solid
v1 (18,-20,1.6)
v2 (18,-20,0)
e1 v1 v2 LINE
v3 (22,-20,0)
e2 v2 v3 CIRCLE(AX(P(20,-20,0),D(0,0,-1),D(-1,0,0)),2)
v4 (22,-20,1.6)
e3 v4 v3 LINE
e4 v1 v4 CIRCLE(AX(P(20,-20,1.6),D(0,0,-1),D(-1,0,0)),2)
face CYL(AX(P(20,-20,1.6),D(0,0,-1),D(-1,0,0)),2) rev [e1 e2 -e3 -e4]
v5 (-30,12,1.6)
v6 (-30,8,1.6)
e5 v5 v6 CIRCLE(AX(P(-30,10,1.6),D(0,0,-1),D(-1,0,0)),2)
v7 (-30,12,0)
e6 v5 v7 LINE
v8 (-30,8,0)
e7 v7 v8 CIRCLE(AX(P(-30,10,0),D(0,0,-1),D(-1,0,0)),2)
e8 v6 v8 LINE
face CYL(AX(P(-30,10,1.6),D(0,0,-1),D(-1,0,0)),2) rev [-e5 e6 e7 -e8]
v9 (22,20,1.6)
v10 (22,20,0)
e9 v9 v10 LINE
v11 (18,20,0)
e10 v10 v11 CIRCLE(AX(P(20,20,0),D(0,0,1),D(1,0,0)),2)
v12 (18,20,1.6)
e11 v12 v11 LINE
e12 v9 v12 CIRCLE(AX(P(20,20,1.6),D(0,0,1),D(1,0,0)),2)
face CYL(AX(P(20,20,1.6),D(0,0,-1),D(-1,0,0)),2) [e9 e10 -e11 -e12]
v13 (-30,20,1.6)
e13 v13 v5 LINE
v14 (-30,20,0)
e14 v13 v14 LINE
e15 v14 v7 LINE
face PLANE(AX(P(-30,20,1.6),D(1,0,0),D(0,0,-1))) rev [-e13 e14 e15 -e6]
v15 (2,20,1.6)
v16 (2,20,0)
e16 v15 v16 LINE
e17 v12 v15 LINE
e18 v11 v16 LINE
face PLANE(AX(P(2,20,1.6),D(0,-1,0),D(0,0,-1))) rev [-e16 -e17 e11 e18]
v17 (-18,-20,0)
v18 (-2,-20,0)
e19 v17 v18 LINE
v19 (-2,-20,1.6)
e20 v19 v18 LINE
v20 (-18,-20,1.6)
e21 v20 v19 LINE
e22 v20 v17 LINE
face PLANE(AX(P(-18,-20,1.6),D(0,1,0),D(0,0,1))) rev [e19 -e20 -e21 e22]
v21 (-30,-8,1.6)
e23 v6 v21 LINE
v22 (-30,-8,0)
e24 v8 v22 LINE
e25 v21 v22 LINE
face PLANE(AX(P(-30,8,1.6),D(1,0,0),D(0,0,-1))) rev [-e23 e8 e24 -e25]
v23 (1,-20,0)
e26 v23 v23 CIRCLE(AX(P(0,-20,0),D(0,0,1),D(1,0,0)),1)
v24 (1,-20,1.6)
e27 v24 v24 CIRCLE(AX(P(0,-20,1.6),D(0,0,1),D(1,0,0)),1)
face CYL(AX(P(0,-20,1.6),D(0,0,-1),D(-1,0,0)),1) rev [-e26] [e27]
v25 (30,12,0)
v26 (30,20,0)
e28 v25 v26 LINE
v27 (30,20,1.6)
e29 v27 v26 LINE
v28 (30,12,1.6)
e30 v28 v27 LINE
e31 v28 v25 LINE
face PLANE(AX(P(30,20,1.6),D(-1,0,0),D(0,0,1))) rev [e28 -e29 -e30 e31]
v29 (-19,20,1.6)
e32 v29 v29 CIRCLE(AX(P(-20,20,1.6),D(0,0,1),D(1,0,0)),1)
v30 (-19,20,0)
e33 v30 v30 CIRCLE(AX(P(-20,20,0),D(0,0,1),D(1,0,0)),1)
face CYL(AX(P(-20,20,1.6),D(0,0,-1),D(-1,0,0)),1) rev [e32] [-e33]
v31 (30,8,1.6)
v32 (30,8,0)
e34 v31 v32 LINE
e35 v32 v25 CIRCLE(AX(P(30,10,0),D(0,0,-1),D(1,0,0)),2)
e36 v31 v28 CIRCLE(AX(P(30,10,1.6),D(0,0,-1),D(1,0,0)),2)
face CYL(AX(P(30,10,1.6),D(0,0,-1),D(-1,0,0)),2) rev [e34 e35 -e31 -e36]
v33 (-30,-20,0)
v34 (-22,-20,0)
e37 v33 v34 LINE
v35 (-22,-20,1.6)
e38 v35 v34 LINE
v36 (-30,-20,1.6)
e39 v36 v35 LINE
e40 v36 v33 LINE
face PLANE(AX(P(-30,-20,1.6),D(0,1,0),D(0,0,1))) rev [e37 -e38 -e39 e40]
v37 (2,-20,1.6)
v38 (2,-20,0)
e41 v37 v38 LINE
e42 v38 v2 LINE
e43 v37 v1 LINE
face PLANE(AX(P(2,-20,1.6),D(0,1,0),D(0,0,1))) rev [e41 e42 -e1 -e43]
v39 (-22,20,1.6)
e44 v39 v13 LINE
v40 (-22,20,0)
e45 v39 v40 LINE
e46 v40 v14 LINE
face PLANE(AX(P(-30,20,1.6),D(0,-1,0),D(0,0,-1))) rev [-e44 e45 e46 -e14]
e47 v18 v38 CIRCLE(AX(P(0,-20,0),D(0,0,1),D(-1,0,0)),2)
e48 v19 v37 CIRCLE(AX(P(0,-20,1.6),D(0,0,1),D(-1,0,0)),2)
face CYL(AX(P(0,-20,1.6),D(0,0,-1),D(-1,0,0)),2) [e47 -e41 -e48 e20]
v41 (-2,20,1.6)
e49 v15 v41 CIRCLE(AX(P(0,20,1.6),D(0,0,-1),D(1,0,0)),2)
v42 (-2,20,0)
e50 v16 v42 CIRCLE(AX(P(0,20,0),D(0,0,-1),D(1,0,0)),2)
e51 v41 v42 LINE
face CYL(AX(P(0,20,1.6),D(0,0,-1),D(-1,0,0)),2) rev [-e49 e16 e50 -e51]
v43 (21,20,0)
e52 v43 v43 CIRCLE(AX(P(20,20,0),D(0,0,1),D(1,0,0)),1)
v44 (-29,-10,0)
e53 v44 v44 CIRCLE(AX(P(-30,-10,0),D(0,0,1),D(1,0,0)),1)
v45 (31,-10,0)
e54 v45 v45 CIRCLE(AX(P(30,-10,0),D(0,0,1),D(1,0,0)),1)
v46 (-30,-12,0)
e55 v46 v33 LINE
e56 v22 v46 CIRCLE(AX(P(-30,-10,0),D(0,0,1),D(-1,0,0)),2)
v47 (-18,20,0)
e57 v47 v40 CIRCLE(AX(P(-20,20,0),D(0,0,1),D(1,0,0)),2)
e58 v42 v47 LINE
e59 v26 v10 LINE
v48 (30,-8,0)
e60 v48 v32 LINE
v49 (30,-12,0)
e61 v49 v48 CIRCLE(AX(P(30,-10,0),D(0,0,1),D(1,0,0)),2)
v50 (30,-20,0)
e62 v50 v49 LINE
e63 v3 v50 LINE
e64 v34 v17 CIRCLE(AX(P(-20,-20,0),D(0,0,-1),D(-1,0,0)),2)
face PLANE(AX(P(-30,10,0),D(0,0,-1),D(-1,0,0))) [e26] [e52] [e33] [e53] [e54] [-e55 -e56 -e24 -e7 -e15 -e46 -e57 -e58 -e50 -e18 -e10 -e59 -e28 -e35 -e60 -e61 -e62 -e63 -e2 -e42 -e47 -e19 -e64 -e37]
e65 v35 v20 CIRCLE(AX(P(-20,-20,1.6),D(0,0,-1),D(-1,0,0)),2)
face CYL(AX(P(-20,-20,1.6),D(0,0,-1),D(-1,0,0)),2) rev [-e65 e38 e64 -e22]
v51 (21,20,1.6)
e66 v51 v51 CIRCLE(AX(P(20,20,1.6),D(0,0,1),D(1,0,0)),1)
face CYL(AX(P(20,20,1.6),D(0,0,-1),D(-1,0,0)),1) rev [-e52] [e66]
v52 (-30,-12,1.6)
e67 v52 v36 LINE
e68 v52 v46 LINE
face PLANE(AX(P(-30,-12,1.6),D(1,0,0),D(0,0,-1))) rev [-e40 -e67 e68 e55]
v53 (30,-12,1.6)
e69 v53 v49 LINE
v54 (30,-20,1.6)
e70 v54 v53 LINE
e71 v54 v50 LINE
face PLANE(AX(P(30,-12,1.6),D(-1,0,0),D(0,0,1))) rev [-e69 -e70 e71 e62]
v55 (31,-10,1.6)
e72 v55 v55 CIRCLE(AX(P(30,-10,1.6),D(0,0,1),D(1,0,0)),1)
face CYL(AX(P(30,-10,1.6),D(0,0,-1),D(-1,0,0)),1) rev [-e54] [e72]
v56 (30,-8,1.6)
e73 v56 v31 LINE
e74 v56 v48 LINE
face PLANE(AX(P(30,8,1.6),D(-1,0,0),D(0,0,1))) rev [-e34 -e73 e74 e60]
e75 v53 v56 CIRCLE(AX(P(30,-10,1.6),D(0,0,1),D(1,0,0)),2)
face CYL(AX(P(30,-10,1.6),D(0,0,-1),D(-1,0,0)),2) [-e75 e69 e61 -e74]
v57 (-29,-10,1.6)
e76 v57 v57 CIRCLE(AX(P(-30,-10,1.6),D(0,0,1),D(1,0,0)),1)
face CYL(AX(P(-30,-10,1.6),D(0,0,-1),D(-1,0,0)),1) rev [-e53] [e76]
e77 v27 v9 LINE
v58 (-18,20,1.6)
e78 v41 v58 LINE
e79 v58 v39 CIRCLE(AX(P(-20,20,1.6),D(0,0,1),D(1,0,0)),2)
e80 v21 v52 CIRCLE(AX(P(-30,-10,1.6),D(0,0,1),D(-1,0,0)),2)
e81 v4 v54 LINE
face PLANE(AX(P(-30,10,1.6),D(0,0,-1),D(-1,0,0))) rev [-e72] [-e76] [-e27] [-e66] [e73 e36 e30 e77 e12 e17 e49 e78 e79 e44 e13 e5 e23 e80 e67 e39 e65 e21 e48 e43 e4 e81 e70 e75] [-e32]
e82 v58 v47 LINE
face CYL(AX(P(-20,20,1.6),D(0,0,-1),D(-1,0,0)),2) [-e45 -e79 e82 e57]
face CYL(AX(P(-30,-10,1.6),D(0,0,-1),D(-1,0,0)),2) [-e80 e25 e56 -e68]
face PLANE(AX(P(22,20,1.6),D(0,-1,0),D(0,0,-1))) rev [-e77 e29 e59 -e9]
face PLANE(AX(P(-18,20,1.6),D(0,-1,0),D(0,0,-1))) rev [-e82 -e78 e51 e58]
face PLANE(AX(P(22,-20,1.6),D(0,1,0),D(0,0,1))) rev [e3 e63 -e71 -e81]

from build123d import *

# Parameters (mm, degrees)
ESQUISSE1_R        = 1
BOSS_EXTRU_1_DEPTH = 1.6


with BuildPart() as part:
    # Esquisse1 → Boss.-Extru.1 (new body)
    with BuildSketch(Plane.XY):
        with BuildLine():
            Line((-30, 8), (-30, -8))
            ThreePointArc((-30, -8), (-32, -10), (-30, -12))
            Line((-30, -12), (-30, -20))
            Line((-30, -20), (-22, -20))
            ThreePointArc((-22, -20), (-20, -18), (-18, -20))
            Line((-18, -20), (-2, -20))
            ThreePointArc((-2, -20), (0, -22), (2, -20))
            Line((2, -20), (18, -20))
            ThreePointArc((18, -20), (20, -18), (22, -20))
            Line((22, -20), (30, -20))
            Line((30, -20), (30, -12))
            ThreePointArc((30, -12), (32, -10), (30, -8))
            Line((30, -8), (30, 8))
            ThreePointArc((30, 8), (28, 10), (30, 12))
            Line((30, 12), (30, 20))
            Line((30, 20), (22, 20))
            ThreePointArc((22, 20), (20, 22), (18, 20))
            Line((18, 20), (2, 20))
            ThreePointArc((2, 20), (0, 18), (-2, 20))
            Line((-2, 20), (-18, 20))
            ThreePointArc((-18, 20), (-20, 22), (-22, 20))
            Line((-22, 20), (-30, 20))
            Line((-30, 20), (-30, 12))
            ThreePointArc((-30, 12), (-28, 10), (-30, 8))
        make_face()
        with Locations((-20, 20)):
            Circle(ESQUISSE1_R, mode=Mode.SUBTRACT)
        with Locations((20, 20)):
            Circle(ESQUISSE1_R, mode=Mode.SUBTRACT)
        with Locations((0, -20)):
            Circle(ESQUISSE1_R, mode=Mode.SUBTRACT)
        with Locations((-30, -10)):
            Circle(ESQUISSE1_R, mode=Mode.SUBTRACT)
        with Locations((30, -10)):
            Circle(ESQUISSE1_R, mode=Mode.SUBTRACT)
    extrude(amount=BOSS_EXTRU_1_DEPTH)


solid = part.part
